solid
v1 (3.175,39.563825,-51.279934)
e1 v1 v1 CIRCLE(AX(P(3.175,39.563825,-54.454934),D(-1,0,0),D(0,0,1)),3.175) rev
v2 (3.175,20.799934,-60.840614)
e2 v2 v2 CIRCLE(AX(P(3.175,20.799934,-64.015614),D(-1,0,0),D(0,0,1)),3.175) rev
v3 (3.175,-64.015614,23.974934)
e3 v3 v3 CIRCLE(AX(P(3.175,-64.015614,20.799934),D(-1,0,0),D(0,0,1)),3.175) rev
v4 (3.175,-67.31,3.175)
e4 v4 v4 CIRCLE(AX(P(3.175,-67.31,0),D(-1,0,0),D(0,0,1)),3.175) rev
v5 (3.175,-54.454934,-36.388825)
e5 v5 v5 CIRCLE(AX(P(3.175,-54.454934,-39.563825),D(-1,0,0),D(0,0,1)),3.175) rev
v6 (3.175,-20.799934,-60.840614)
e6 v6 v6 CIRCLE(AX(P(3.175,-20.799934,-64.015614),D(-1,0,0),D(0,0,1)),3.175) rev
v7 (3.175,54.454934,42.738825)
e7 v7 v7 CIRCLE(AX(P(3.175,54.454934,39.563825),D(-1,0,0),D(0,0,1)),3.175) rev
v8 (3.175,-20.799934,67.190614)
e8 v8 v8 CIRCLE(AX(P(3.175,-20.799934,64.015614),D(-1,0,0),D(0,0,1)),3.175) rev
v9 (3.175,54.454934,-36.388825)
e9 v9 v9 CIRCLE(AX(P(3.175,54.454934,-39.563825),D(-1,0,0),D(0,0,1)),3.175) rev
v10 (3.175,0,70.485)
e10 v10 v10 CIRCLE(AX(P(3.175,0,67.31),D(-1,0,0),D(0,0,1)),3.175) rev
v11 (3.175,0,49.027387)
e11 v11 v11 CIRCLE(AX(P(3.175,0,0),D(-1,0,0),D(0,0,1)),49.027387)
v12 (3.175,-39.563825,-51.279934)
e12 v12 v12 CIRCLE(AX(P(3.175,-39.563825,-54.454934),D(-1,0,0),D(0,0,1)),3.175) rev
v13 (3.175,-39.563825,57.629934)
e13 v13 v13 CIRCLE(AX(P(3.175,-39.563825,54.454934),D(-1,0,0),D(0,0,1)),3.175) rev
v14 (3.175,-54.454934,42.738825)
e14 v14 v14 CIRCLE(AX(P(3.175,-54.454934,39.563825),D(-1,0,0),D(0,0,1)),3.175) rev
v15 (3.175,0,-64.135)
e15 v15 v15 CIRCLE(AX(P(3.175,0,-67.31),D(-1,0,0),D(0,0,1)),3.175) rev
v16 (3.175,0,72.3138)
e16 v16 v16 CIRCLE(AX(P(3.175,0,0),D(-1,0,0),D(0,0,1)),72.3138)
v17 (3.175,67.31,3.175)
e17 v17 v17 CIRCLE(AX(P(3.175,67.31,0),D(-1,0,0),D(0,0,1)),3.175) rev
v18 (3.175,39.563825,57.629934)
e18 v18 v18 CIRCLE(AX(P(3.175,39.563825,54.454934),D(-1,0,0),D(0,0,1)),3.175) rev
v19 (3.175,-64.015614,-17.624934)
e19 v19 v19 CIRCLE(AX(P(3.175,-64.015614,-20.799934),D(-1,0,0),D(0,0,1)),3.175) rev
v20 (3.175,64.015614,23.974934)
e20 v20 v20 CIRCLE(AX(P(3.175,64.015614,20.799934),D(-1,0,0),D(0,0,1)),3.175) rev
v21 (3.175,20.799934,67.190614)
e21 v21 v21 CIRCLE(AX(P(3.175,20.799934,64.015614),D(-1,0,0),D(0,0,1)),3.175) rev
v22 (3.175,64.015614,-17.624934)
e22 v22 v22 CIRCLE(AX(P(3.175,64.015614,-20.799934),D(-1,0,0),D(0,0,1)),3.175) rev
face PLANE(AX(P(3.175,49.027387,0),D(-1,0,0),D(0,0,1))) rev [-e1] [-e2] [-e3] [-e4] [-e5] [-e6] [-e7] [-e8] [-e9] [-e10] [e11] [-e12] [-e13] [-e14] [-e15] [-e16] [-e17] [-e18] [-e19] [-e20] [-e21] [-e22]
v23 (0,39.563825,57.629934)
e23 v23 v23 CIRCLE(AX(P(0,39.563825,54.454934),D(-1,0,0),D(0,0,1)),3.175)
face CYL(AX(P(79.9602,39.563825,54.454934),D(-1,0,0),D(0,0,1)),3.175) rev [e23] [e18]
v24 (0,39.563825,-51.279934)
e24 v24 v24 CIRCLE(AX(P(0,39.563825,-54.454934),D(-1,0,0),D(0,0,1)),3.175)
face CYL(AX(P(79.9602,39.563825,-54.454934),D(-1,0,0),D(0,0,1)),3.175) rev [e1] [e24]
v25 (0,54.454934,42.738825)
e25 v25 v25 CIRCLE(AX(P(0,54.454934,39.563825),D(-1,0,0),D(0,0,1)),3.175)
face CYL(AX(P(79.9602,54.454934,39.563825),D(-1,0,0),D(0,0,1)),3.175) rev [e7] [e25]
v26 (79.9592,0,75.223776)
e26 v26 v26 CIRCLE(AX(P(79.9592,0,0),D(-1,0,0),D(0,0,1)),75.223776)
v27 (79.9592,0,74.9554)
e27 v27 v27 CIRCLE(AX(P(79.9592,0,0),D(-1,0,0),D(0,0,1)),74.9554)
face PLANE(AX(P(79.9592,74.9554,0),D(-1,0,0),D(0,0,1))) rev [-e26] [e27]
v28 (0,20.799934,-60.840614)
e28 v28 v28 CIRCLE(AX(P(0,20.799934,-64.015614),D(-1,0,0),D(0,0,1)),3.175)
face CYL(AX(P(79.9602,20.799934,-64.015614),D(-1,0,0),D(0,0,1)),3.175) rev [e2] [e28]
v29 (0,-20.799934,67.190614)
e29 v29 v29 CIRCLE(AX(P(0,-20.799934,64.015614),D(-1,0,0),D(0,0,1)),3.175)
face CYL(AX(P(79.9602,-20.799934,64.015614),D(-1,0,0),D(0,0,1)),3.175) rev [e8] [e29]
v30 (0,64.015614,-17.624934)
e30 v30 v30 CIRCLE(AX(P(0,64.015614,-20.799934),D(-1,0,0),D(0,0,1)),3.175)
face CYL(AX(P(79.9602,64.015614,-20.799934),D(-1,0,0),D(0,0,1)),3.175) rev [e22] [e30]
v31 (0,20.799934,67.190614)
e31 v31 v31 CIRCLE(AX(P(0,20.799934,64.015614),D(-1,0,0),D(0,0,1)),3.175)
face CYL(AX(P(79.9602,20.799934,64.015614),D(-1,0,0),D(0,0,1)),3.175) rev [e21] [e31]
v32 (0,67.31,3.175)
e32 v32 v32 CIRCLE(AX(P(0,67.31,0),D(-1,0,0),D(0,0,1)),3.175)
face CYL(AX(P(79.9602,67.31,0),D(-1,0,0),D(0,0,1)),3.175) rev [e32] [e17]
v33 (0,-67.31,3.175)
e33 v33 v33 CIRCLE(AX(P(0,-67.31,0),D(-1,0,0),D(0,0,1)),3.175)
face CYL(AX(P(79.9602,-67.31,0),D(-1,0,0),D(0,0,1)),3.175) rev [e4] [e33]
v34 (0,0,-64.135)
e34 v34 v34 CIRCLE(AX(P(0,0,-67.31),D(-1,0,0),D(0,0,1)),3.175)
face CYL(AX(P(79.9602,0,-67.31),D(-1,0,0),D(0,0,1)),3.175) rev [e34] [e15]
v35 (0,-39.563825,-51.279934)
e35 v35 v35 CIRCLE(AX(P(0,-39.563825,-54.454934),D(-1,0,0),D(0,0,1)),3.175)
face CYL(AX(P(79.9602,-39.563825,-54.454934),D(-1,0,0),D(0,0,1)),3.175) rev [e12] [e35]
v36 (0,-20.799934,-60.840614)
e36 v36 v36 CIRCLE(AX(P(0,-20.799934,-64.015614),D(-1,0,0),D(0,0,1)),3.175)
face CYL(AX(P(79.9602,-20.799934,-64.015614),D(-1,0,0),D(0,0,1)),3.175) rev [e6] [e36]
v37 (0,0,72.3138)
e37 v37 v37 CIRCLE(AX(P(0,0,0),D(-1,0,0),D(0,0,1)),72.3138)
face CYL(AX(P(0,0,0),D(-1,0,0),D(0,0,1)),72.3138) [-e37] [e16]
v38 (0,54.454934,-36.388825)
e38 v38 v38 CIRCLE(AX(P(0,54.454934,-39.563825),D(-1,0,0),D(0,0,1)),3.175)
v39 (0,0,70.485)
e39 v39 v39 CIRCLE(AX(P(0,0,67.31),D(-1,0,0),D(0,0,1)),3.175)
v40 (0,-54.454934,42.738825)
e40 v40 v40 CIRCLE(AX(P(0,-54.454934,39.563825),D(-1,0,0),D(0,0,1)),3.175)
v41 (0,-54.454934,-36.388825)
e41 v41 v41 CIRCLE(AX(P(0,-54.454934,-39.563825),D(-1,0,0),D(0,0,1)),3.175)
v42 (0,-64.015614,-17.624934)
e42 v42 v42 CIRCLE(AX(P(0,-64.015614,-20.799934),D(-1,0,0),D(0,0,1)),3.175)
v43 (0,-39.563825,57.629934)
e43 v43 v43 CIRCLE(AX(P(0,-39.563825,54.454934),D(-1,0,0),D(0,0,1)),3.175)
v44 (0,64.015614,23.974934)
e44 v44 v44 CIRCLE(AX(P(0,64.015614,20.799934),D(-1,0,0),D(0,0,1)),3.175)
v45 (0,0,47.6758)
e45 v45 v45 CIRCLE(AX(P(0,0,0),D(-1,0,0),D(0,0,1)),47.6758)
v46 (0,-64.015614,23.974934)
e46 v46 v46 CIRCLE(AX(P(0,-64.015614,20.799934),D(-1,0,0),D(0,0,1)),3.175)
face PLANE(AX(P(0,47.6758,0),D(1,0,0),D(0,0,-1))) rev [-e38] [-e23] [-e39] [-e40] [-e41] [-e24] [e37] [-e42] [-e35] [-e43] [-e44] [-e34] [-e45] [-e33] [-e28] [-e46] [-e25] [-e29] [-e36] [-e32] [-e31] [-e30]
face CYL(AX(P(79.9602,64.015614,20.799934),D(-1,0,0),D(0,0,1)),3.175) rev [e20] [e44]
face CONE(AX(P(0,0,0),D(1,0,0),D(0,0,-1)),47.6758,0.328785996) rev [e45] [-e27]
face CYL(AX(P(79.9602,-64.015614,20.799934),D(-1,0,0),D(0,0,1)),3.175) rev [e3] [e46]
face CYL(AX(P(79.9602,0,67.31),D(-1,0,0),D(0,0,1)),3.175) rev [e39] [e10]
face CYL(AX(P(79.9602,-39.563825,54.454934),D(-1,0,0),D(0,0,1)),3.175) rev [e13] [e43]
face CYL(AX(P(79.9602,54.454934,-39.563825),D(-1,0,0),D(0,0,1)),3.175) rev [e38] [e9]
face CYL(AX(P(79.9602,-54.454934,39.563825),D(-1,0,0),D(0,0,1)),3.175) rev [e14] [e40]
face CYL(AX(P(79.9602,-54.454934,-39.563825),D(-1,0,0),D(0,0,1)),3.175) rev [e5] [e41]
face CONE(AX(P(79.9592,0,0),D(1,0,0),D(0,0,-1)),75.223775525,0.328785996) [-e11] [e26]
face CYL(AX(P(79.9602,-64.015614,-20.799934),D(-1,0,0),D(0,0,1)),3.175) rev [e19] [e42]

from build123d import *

# Parameters (mm, degrees)
CUT_EXTRUDE1_REACH = 135.082
SKETCH4_R          = 3.175


with BuildPart() as part:
    # Sketch1 → Revolve1 (revolve)
    with BuildSketch(Plane.XY, mode=Mode.PRIVATE) as revolve1_sk:
        Polygon((0, 47.6758), (79.9592, 74.9554), (79.9592, 75.223775525), (0, 47.944175525), align=None)
    revolve(revolve1_sk.sketch.rotate(Axis((0, 0, 0), (1, 0, 0)), 90), axis=Axis((0, 0, 0), (1, 0, 0)))

    # Sketch3 → Revolve2 (revolve)
    with BuildSketch(Plane.XY, mode=Mode.PRIVATE) as revolve2_sk:
        Polygon((0, 47.944175525), (3.175, 49.027387088), (3.175, 72.3138), (0, 72.3138), align=None)
    revolve(revolve2_sk.sketch.rotate(Axis((0, 0, 0), (1, 0, 0)), 90), axis=Axis((0, 0, 0), (1, 0, 0)))

    # Sketch4 → Cut-Extrude1 (cut, up to next)
    with BuildSketch(Plane.ZY, mode=Mode.PRIVATE) as cut_extrude1_sk1:
        with Locations((0, 67.31)):
            Circle(SKETCH4_R)
    cut_extrude1_tool1 = extrude(cut_extrude1_sk1.sketch, amount=-CUT_EXTRUDE1_REACH, mode=Mode.PRIVATE) & part.part
    # Sketch4 → Cut-Extrude1 (cut, up to next)
    with BuildSketch(Plane.ZY, mode=Mode.PRIVATE) as cut_extrude1_sk2:
        with Locations((20.799933891, 64.015614112)):
            Circle(SKETCH4_R)
    cut_extrude1_tool2 = extrude(cut_extrude1_sk2.sketch, amount=-CUT_EXTRUDE1_REACH, mode=Mode.PRIVATE) & part.part
    # Sketch4 → Cut-Extrude1 (cut, up to next)
    with BuildSketch(Plane.ZY, mode=Mode.PRIVATE) as cut_extrude1_sk3:
        with Locations((39.563825332, 54.454933891)):
            Circle(SKETCH4_R)
    cut_extrude1_tool3 = extrude(cut_extrude1_sk3.sketch, amount=-CUT_EXTRUDE1_REACH, mode=Mode.PRIVATE) & part.part
    # Sketch4 → Cut-Extrude1 (cut, up to next)
    with BuildSketch(Plane.ZY, mode=Mode.PRIVATE) as cut_extrude1_sk4:
        with Locations((54.454933891, 39.563825332)):
            Circle(SKETCH4_R)
    cut_extrude1_tool4 = extrude(cut_extrude1_sk4.sketch, amount=-CUT_EXTRUDE1_REACH, mode=Mode.PRIVATE) & part.part
    # Sketch4 → Cut-Extrude1 (cut, up to next)
    with BuildSketch(Plane.ZY, mode=Mode.PRIVATE) as cut_extrude1_sk5:
        with Locations((64.015614112, 20.799933891)):
            Circle(SKETCH4_R)
    cut_extrude1_tool5 = extrude(cut_extrude1_sk5.sketch, amount=-CUT_EXTRUDE1_REACH, mode=Mode.PRIVATE) & part.part
    # Sketch4 → Cut-Extrude1 (cut, up to next)
    with BuildSketch(Plane.ZY, mode=Mode.PRIVATE) as cut_extrude1_sk6:
        with Locations((67.31, 0)):
            Circle(SKETCH4_R)
    cut_extrude1_tool6 = extrude(cut_extrude1_sk6.sketch, amount=-CUT_EXTRUDE1_REACH, mode=Mode.PRIVATE) & part.part
    # Sketch4 → Cut-Extrude1 (cut, up to next)
    with BuildSketch(Plane.ZY, mode=Mode.PRIVATE) as cut_extrude1_sk7:
        with Locations((64.015614112, -20.799933891)):
            Circle(SKETCH4_R)
    cut_extrude1_tool7 = extrude(cut_extrude1_sk7.sketch, amount=-CUT_EXTRUDE1_REACH, mode=Mode.PRIVATE) & part.part
    # Sketch4 → Cut-Extrude1 (cut, up to next)
    with BuildSketch(Plane.ZY, mode=Mode.PRIVATE) as cut_extrude1_sk8:
        with Locations((54.454933891, -39.563825332)):
            Circle(SKETCH4_R)
    cut_extrude1_tool8 = extrude(cut_extrude1_sk8.sketch, amount=-CUT_EXTRUDE1_REACH, mode=Mode.PRIVATE) & part.part
    # Sketch4 → Cut-Extrude1 (cut, up to next)
    with BuildSketch(Plane.ZY, mode=Mode.PRIVATE) as cut_extrude1_sk9:
        with Locations((39.563825332, -54.454933891)):
            Circle(SKETCH4_R)
    cut_extrude1_tool9 = extrude(cut_extrude1_sk9.sketch, amount=-CUT_EXTRUDE1_REACH, mode=Mode.PRIVATE) & part.part
    # Sketch4 → Cut-Extrude1 (cut, up to next)
    with BuildSketch(Plane.ZY, mode=Mode.PRIVATE) as cut_extrude1_sk10:
        with Locations((20.799933891, -64.015614112)):
            Circle(SKETCH4_R)
    cut_extrude1_tool10 = extrude(cut_extrude1_sk10.sketch, amount=-CUT_EXTRUDE1_REACH, mode=Mode.PRIVATE) & part.part
    # Sketch4 → Cut-Extrude1 (cut, up to next)
    with BuildSketch(Plane.ZY, mode=Mode.PRIVATE) as cut_extrude1_sk11:
        with Locations((0, -67.31)):
            Circle(SKETCH4_R)
    cut_extrude1_tool11 = extrude(cut_extrude1_sk11.sketch, amount=-CUT_EXTRUDE1_REACH, mode=Mode.PRIVATE) & part.part
    # Sketch4 → Cut-Extrude1 (cut, up to next)
    with BuildSketch(Plane.ZY, mode=Mode.PRIVATE) as cut_extrude1_sk12:
        with Locations((-20.799933891, -64.015614112)):
            Circle(SKETCH4_R)
    cut_extrude1_tool12 = extrude(cut_extrude1_sk12.sketch, amount=-CUT_EXTRUDE1_REACH, mode=Mode.PRIVATE) & part.part
    # Sketch4 → Cut-Extrude1 (cut, up to next)
    with BuildSketch(Plane.ZY, mode=Mode.PRIVATE) as cut_extrude1_sk13:
        with Locations((-39.563825332, -54.454933891)):
            Circle(SKETCH4_R)
    cut_extrude1_tool13 = extrude(cut_extrude1_sk13.sketch, amount=-CUT_EXTRUDE1_REACH, mode=Mode.PRIVATE) & part.part
    # Sketch4 → Cut-Extrude1 (cut, up to next)
    with BuildSketch(Plane.ZY, mode=Mode.PRIVATE) as cut_extrude1_sk14:
        with Locations((-54.454933891, -39.563825332)):
            Circle(SKETCH4_R)
    cut_extrude1_tool14 = extrude(cut_extrude1_sk14.sketch, amount=-CUT_EXTRUDE1_REACH, mode=Mode.PRIVATE) & part.part
    # Sketch4 → Cut-Extrude1 (cut, up to next)
    with BuildSketch(Plane.ZY, mode=Mode.PRIVATE) as cut_extrude1_sk15:
        with Locations((-64.015614112, -20.799933891)):
            Circle(SKETCH4_R)
    cut_extrude1_tool15 = extrude(cut_extrude1_sk15.sketch, amount=-CUT_EXTRUDE1_REACH, mode=Mode.PRIVATE) & part.part
    # Sketch4 → Cut-Extrude1 (cut, up to next)
    with BuildSketch(Plane.ZY, mode=Mode.PRIVATE) as cut_extrude1_sk16:
        with Locations((-67.31, 0)):
            Circle(SKETCH4_R)
    cut_extrude1_tool16 = extrude(cut_extrude1_sk16.sketch, amount=-CUT_EXTRUDE1_REACH, mode=Mode.PRIVATE) & part.part
    # Sketch4 → Cut-Extrude1 (cut, up to next)
    with BuildSketch(Plane.ZY, mode=Mode.PRIVATE) as cut_extrude1_sk17:
        with Locations((-64.015614112, 20.799933891)):
            Circle(SKETCH4_R)
    cut_extrude1_tool17 = extrude(cut_extrude1_sk17.sketch, amount=-CUT_EXTRUDE1_REACH, mode=Mode.PRIVATE) & part.part
    # Sketch4 → Cut-Extrude1 (cut, up to next)
    with BuildSketch(Plane.ZY, mode=Mode.PRIVATE) as cut_extrude1_sk18:
        with Locations((-54.454933891, 39.563825332)):
            Circle(SKETCH4_R)
    cut_extrude1_tool18 = extrude(cut_extrude1_sk18.sketch, amount=-CUT_EXTRUDE1_REACH, mode=Mode.PRIVATE) & part.part
    # Sketch4 → Cut-Extrude1 (cut, up to next)
    with BuildSketch(Plane.ZY, mode=Mode.PRIVATE) as cut_extrude1_sk19:
        with Locations((-39.563825332, 54.454933891)):
            Circle(SKETCH4_R)
    cut_extrude1_tool19 = extrude(cut_extrude1_sk19.sketch, amount=-CUT_EXTRUDE1_REACH, mode=Mode.PRIVATE) & part.part
    # Sketch4 → Cut-Extrude1 (cut, up to next)
    with BuildSketch(Plane.ZY, mode=Mode.PRIVATE) as cut_extrude1_sk20:
        with Locations((-20.799933891, 64.015614112)):
            Circle(SKETCH4_R)
    cut_extrude1_tool20 = extrude(cut_extrude1_sk20.sketch, amount=-CUT_EXTRUDE1_REACH, mode=Mode.PRIVATE) & part.part
    add(cut_extrude1_tool1.solids().sort_by_distance((0, 67.31, 0))[0], mode=Mode.SUBTRACT)
    add(cut_extrude1_tool2.solids().sort_by_distance((0, 64.015614, 20.799934))[0], mode=Mode.SUBTRACT)
    add(cut_extrude1_tool3.solids().sort_by_distance((0, 54.454934, 39.563825))[0], mode=Mode.SUBTRACT)
    add(cut_extrude1_tool4.solids().sort_by_distance((0, 39.563825, 54.454934))[0], mode=Mode.SUBTRACT)
    add(cut_extrude1_tool5.solids().sort_by_distance((0, 20.799934, 64.015614))[0], mode=Mode.SUBTRACT)
    add(cut_extrude1_tool6.solids().sort_by_distance((0, 0, 67.31))[0], mode=Mode.SUBTRACT)
    add(cut_extrude1_tool7.solids().sort_by_distance((0, -20.799934, 64.015614))[0], mode=Mode.SUBTRACT)
    add(cut_extrude1_tool8.solids().sort_by_distance((0, -39.563825, 54.454934))[0], mode=Mode.SUBTRACT)
    add(cut_extrude1_tool9.solids().sort_by_distance((0, -54.454934, 39.563825))[0], mode=Mode.SUBTRACT)
    add(cut_extrude1_tool10.solids().sort_by_distance((0, -64.015614, 20.799934))[0], mode=Mode.SUBTRACT)
    add(cut_extrude1_tool11.solids().sort_by_distance((0, -67.31, 0))[0], mode=Mode.SUBTRACT)
    add(cut_extrude1_tool12.solids().sort_by_distance((0, -64.015614, -20.799934))[0], mode=Mode.SUBTRACT)
    add(cut_extrude1_tool13.solids().sort_by_distance((0, -54.454934, -39.563825))[0], mode=Mode.SUBTRACT)
    add(cut_extrude1_tool14.solids().sort_by_distance((0, -39.563825, -54.454934))[0], mode=Mode.SUBTRACT)
    add(cut_extrude1_tool15.solids().sort_by_distance((0, -20.799934, -64.015614))[0], mode=Mode.SUBTRACT)
    add(cut_extrude1_tool16.solids().sort_by_distance((0, 0, -67.31))[0], mode=Mode.SUBTRACT)
    add(cut_extrude1_tool17.solids().sort_by_distance((0, 20.799934, -64.015614))[0], mode=Mode.SUBTRACT)
    add(cut_extrude1_tool18.solids().sort_by_distance((0, 39.563825, -54.454934))[0], mode=Mode.SUBTRACT)
    add(cut_extrude1_tool19.solids().sort_by_distance((0, 54.454934, -39.563825))[0], mode=Mode.SUBTRACT)
    add(cut_extrude1_tool20.solids().sort_by_distance((0, 64.015614, -20.799934))[0], mode=Mode.SUBTRACT)


solid = part.part
